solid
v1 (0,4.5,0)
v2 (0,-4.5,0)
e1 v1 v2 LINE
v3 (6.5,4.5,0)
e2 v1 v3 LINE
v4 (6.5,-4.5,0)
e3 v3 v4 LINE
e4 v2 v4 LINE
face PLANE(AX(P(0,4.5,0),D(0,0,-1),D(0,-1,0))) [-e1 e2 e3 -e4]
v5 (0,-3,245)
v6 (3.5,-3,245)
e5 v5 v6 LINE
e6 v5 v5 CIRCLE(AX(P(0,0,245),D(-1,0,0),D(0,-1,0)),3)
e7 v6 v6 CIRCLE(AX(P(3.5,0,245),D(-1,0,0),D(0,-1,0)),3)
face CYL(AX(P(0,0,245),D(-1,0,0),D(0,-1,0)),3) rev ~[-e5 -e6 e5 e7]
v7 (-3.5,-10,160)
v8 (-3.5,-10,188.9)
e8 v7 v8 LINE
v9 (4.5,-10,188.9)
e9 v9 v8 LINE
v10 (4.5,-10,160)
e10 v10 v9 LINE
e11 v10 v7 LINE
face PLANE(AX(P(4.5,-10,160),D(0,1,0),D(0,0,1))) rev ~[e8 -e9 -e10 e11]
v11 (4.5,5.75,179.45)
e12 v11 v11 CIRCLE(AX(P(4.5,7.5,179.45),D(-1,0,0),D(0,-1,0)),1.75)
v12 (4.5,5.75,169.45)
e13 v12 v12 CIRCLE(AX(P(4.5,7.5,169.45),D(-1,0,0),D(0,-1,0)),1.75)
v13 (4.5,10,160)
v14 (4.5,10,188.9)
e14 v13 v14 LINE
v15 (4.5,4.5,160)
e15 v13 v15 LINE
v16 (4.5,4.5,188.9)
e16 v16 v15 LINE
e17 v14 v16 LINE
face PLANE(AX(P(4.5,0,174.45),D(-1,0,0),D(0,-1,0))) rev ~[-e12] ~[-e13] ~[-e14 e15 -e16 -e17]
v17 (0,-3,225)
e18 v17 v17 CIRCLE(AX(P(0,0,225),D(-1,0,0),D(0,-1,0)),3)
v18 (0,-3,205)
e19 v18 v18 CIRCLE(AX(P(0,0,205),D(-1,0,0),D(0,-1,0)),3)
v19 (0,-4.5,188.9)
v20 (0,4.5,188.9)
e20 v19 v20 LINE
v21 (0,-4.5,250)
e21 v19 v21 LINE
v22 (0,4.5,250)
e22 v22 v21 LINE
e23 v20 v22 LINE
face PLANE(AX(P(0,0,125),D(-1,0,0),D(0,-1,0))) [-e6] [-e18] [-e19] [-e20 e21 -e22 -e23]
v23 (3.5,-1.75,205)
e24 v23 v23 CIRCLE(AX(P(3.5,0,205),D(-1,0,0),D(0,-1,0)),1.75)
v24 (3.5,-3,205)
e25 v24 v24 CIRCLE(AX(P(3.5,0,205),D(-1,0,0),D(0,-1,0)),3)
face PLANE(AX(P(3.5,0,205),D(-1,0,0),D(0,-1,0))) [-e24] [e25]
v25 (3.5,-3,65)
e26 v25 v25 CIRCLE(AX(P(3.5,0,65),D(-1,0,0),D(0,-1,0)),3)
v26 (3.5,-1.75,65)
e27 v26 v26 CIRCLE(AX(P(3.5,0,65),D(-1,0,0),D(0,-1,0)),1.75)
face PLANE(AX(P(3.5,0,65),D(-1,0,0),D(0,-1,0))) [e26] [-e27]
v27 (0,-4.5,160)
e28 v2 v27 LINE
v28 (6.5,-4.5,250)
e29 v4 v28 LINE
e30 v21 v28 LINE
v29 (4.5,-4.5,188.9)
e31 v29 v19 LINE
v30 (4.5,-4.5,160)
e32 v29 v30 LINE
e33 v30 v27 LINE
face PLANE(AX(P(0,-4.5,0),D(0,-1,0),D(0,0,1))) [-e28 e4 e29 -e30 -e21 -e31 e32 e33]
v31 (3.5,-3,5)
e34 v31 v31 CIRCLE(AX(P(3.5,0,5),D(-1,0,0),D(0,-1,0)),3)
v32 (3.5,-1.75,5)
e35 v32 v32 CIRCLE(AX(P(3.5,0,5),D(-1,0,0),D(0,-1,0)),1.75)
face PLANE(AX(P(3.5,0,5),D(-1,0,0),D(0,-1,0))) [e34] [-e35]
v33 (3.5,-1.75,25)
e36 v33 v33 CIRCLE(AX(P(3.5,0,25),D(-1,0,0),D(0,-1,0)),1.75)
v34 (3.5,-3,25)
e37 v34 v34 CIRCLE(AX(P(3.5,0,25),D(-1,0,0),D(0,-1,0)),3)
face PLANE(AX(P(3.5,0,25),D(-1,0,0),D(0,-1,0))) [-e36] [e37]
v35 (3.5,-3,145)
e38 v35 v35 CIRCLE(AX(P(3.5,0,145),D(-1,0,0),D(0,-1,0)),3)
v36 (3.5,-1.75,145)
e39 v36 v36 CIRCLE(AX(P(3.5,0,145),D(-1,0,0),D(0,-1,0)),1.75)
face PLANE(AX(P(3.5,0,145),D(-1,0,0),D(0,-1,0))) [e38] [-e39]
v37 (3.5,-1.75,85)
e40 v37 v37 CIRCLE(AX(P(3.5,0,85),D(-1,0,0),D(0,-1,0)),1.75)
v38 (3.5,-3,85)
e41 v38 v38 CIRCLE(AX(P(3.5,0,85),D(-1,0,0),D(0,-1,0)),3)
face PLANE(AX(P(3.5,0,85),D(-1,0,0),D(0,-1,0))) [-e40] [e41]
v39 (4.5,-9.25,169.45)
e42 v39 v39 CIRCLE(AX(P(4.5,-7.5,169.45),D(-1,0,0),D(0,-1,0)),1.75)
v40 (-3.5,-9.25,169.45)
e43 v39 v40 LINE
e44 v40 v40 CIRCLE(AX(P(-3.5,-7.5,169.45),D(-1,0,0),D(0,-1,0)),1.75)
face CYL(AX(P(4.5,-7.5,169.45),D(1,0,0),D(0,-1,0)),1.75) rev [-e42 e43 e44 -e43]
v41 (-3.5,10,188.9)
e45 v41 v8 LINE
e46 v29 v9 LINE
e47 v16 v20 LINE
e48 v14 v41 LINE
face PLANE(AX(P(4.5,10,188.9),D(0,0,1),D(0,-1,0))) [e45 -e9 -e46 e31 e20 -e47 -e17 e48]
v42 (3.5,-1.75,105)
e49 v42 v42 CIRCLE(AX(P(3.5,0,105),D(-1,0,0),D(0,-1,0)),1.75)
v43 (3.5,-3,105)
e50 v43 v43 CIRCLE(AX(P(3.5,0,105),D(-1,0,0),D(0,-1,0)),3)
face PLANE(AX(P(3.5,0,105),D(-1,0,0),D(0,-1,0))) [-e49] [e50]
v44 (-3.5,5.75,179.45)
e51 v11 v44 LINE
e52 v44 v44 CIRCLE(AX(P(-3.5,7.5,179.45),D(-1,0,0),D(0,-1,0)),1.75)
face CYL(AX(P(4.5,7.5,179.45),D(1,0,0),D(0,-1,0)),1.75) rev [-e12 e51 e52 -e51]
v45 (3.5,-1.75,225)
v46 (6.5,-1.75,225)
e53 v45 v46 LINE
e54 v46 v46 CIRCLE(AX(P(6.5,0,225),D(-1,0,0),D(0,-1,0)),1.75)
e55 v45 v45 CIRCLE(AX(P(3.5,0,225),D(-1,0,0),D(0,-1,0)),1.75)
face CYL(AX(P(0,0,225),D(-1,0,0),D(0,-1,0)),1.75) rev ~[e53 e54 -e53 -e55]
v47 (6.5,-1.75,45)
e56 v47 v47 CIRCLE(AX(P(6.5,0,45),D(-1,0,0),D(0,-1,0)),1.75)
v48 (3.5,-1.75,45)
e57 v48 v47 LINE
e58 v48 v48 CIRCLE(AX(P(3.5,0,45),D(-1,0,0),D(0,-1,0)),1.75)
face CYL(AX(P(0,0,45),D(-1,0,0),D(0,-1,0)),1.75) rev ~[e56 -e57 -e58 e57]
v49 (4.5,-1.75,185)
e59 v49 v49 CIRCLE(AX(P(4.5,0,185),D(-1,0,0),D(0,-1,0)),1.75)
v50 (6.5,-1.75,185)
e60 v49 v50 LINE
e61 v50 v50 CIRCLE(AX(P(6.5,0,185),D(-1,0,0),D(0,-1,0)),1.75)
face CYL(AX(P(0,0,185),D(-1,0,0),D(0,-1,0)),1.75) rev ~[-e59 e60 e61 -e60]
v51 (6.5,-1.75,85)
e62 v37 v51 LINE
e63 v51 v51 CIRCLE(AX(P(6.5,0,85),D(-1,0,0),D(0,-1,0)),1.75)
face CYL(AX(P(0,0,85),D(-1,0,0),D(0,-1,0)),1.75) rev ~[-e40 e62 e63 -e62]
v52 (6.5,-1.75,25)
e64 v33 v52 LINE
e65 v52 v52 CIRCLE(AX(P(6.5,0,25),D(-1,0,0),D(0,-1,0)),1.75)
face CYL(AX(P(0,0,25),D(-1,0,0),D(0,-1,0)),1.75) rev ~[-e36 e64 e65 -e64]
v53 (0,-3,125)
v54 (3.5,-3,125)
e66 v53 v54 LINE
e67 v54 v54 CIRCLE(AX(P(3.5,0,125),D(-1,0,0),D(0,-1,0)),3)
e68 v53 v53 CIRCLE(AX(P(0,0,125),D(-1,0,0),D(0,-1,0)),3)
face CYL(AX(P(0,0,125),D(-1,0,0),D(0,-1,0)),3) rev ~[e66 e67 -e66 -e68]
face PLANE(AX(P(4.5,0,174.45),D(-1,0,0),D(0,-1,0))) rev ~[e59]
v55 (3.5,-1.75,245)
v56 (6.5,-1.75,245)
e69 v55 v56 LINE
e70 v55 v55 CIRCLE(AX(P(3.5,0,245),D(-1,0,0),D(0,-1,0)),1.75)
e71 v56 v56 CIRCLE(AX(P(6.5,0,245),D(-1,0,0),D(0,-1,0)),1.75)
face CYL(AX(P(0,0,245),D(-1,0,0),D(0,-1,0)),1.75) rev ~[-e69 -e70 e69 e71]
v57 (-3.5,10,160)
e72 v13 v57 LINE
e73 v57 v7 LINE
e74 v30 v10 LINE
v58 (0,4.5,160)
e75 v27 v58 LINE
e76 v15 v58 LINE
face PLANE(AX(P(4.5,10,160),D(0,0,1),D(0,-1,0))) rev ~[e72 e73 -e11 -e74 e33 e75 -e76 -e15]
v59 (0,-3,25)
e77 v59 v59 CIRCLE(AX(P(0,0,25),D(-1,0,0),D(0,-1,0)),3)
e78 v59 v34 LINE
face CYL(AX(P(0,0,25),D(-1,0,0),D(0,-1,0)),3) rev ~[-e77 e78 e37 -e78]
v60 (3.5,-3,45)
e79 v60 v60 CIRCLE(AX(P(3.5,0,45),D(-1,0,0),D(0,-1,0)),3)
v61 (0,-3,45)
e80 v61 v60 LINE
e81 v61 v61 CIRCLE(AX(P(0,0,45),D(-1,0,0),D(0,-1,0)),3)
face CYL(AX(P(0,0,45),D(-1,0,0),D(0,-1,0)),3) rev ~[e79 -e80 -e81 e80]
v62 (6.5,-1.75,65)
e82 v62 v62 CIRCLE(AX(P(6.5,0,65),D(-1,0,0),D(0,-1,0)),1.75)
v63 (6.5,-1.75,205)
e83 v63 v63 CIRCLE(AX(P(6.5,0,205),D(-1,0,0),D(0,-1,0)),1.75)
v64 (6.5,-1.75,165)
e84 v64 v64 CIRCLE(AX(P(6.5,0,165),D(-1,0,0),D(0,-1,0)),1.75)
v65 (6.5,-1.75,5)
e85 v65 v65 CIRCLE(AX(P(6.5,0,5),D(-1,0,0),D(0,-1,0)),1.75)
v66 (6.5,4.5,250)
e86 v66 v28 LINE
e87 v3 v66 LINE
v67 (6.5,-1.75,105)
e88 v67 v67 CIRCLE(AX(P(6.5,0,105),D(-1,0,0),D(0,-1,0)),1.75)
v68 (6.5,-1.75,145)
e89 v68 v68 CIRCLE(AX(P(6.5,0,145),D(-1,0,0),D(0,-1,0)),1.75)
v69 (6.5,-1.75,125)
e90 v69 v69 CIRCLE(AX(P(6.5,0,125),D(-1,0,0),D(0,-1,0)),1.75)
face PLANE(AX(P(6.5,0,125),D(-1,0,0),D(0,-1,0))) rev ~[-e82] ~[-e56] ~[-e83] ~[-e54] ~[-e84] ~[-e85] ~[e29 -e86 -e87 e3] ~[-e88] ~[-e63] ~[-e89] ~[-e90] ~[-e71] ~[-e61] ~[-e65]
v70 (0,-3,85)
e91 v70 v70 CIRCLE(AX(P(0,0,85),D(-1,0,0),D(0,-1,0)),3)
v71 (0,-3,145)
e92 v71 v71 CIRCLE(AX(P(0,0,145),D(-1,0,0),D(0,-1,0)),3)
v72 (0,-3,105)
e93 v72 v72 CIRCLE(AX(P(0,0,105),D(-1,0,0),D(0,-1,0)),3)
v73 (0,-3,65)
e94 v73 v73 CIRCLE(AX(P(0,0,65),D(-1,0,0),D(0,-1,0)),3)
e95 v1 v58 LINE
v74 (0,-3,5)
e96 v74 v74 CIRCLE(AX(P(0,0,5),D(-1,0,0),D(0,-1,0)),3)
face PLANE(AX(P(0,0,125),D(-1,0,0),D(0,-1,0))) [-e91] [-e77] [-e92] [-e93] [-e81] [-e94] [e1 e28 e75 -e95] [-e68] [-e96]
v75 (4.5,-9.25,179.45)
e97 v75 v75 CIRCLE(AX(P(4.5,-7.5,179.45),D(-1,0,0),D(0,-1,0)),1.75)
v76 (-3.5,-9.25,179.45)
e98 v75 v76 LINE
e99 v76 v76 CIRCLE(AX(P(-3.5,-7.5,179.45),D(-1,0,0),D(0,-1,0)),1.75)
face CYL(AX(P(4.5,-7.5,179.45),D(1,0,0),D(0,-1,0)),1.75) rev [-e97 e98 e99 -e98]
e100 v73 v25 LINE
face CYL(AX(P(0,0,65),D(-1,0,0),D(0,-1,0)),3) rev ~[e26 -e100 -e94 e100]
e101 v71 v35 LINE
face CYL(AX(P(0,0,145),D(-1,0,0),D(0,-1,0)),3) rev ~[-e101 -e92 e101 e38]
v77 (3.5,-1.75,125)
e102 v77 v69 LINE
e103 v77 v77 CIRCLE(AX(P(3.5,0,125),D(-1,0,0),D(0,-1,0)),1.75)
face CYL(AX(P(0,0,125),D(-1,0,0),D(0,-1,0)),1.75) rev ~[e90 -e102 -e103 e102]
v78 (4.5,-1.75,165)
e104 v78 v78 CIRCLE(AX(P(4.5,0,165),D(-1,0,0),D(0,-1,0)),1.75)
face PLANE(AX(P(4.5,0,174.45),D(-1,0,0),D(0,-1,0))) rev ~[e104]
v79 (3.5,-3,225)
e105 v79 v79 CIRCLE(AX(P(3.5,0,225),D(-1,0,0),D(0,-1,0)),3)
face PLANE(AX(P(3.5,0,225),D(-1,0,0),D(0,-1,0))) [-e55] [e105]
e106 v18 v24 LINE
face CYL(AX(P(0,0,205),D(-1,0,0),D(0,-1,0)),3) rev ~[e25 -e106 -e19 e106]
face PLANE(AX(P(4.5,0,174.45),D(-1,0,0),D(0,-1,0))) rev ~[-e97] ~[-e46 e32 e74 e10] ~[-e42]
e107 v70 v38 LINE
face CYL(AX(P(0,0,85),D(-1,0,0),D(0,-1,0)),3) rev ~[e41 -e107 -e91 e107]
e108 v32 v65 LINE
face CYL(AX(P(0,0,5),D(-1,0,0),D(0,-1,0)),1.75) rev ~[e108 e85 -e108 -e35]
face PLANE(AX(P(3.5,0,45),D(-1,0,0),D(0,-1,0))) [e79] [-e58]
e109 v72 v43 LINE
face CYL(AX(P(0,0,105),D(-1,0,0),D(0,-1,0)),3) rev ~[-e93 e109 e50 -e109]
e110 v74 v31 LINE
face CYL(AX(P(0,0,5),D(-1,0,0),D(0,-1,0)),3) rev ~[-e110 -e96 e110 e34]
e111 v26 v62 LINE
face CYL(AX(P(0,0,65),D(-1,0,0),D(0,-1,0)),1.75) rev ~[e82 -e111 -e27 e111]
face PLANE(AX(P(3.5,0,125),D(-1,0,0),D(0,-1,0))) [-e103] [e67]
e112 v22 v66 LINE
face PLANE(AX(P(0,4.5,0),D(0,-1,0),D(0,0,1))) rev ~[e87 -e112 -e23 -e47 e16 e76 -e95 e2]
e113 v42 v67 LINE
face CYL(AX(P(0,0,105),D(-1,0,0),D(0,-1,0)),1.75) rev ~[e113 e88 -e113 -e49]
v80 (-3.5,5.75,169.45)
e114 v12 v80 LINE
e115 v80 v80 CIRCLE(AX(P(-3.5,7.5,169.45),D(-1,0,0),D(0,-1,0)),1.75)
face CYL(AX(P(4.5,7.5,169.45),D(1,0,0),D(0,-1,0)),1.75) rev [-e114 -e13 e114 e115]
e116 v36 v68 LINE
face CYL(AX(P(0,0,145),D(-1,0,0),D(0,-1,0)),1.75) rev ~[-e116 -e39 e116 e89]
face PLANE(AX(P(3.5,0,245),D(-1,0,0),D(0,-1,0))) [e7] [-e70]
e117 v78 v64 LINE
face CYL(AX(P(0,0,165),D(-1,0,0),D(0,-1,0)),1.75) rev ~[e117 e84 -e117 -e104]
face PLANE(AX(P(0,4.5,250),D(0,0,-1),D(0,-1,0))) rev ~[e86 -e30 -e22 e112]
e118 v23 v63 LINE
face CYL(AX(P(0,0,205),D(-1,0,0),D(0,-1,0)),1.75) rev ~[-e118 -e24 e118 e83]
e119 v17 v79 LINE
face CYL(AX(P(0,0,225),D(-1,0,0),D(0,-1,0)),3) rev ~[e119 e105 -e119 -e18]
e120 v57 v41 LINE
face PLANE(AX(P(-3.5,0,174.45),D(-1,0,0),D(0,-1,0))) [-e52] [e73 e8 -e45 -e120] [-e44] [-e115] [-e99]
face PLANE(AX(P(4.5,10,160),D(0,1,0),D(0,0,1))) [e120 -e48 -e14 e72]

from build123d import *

# Parameters (mm, degrees)
SKETCH046_W             = 9
SKETCH046_H             = 250
PAD023_DEPTH            = 6.5
SKETCH043_R             = 1.75
POCKET019_DEPTH         = 6.5
LINEARPATTERN010_COUNT  = 13
LINEARPATTERN010_PITCH  = 20
SKETCH045_R             = 3
POCKET020_DEPTH         = 3.5
LINEARPATTERN011_COUNT  = 13
LINEARPATTERN011_PITCH  = 20
SKETCH044_W             = 20
SKETCH044_H             = 28.9
SKETCH044_R             = 1.75
PAD024_DEPTH            = 8
BODY010_ROLL_ANGLE      = 90
BODY010_PLACEMENT_ANGLE = -90


with BuildPart() as part:
    # Sketch046 → Pad023 (new body)
    with BuildSketch(Plane.XY):
        with Locations((0, 125)):
            Rectangle(SKETCH046_W, SKETCH046_H)
    extrude(amount=-PAD023_DEPTH)

    # Sketch043 → Pocket019 (cut)
    with BuildSketch(Plane.XY):
        with Locations((0, 5)):
            Circle(SKETCH043_R)
    pocket019 = extrude(amount=-POCKET019_DEPTH, mode=Mode.SUBTRACT)

    # LinearPattern010: Pocket019 ×13
    with Locations(*[(0, i * LINEARPATTERN010_PITCH, 0) for i in range(1, LINEARPATTERN010_COUNT)]):
        add(pocket019, mode=Mode.SUBTRACT)

    # Sketch045 → Pocket020 (cut)
    with BuildSketch(Plane.XY):
        with Locations((0, 5)):
            Circle(SKETCH045_R)
    pocket020 = extrude(amount=-POCKET020_DEPTH, mode=Mode.SUBTRACT)

    # LinearPattern011: Pocket020 ×13
    with Locations(*[(0, i * LINEARPATTERN011_PITCH, 0) for i in range(1, LINEARPATTERN011_COUNT)]):
        add(pocket020, mode=Mode.SUBTRACT)

    # Sketch044 → Pad024 (join)
    with BuildSketch(Plane.XY.offset(-4.5)):
        with Locations((0, 174.45)):
            Rectangle(SKETCH044_W, SKETCH044_H)
        with Locations((-7.5, 179.45)):
            Circle(SKETCH044_R, mode=Mode.SUBTRACT)
        with Locations((7.5, 179.45)):
            Circle(SKETCH044_R, mode=Mode.SUBTRACT)
        with Locations((7.5, 169.45)):
            Circle(SKETCH044_R, mode=Mode.SUBTRACT)
        with Locations((-7.5, 169.45)):
            Circle(SKETCH044_R, mode=Mode.SUBTRACT)
    extrude(amount=PAD024_DEPTH)


with BuildPart() as part_1:
    # Body010 roll: moved
    add(part.part.rotate(Axis((0, 0, 0), (1, 0, 0)), BODY010_ROLL_ANGLE))


with BuildPart() as part_2:
    # Body010 placement: moved
    add(part_1.part.rotate(Axis((0, 0, 0), (0, 0, 1)), BODY010_PLACEMENT_ANGLE))


solid = part_2.part
